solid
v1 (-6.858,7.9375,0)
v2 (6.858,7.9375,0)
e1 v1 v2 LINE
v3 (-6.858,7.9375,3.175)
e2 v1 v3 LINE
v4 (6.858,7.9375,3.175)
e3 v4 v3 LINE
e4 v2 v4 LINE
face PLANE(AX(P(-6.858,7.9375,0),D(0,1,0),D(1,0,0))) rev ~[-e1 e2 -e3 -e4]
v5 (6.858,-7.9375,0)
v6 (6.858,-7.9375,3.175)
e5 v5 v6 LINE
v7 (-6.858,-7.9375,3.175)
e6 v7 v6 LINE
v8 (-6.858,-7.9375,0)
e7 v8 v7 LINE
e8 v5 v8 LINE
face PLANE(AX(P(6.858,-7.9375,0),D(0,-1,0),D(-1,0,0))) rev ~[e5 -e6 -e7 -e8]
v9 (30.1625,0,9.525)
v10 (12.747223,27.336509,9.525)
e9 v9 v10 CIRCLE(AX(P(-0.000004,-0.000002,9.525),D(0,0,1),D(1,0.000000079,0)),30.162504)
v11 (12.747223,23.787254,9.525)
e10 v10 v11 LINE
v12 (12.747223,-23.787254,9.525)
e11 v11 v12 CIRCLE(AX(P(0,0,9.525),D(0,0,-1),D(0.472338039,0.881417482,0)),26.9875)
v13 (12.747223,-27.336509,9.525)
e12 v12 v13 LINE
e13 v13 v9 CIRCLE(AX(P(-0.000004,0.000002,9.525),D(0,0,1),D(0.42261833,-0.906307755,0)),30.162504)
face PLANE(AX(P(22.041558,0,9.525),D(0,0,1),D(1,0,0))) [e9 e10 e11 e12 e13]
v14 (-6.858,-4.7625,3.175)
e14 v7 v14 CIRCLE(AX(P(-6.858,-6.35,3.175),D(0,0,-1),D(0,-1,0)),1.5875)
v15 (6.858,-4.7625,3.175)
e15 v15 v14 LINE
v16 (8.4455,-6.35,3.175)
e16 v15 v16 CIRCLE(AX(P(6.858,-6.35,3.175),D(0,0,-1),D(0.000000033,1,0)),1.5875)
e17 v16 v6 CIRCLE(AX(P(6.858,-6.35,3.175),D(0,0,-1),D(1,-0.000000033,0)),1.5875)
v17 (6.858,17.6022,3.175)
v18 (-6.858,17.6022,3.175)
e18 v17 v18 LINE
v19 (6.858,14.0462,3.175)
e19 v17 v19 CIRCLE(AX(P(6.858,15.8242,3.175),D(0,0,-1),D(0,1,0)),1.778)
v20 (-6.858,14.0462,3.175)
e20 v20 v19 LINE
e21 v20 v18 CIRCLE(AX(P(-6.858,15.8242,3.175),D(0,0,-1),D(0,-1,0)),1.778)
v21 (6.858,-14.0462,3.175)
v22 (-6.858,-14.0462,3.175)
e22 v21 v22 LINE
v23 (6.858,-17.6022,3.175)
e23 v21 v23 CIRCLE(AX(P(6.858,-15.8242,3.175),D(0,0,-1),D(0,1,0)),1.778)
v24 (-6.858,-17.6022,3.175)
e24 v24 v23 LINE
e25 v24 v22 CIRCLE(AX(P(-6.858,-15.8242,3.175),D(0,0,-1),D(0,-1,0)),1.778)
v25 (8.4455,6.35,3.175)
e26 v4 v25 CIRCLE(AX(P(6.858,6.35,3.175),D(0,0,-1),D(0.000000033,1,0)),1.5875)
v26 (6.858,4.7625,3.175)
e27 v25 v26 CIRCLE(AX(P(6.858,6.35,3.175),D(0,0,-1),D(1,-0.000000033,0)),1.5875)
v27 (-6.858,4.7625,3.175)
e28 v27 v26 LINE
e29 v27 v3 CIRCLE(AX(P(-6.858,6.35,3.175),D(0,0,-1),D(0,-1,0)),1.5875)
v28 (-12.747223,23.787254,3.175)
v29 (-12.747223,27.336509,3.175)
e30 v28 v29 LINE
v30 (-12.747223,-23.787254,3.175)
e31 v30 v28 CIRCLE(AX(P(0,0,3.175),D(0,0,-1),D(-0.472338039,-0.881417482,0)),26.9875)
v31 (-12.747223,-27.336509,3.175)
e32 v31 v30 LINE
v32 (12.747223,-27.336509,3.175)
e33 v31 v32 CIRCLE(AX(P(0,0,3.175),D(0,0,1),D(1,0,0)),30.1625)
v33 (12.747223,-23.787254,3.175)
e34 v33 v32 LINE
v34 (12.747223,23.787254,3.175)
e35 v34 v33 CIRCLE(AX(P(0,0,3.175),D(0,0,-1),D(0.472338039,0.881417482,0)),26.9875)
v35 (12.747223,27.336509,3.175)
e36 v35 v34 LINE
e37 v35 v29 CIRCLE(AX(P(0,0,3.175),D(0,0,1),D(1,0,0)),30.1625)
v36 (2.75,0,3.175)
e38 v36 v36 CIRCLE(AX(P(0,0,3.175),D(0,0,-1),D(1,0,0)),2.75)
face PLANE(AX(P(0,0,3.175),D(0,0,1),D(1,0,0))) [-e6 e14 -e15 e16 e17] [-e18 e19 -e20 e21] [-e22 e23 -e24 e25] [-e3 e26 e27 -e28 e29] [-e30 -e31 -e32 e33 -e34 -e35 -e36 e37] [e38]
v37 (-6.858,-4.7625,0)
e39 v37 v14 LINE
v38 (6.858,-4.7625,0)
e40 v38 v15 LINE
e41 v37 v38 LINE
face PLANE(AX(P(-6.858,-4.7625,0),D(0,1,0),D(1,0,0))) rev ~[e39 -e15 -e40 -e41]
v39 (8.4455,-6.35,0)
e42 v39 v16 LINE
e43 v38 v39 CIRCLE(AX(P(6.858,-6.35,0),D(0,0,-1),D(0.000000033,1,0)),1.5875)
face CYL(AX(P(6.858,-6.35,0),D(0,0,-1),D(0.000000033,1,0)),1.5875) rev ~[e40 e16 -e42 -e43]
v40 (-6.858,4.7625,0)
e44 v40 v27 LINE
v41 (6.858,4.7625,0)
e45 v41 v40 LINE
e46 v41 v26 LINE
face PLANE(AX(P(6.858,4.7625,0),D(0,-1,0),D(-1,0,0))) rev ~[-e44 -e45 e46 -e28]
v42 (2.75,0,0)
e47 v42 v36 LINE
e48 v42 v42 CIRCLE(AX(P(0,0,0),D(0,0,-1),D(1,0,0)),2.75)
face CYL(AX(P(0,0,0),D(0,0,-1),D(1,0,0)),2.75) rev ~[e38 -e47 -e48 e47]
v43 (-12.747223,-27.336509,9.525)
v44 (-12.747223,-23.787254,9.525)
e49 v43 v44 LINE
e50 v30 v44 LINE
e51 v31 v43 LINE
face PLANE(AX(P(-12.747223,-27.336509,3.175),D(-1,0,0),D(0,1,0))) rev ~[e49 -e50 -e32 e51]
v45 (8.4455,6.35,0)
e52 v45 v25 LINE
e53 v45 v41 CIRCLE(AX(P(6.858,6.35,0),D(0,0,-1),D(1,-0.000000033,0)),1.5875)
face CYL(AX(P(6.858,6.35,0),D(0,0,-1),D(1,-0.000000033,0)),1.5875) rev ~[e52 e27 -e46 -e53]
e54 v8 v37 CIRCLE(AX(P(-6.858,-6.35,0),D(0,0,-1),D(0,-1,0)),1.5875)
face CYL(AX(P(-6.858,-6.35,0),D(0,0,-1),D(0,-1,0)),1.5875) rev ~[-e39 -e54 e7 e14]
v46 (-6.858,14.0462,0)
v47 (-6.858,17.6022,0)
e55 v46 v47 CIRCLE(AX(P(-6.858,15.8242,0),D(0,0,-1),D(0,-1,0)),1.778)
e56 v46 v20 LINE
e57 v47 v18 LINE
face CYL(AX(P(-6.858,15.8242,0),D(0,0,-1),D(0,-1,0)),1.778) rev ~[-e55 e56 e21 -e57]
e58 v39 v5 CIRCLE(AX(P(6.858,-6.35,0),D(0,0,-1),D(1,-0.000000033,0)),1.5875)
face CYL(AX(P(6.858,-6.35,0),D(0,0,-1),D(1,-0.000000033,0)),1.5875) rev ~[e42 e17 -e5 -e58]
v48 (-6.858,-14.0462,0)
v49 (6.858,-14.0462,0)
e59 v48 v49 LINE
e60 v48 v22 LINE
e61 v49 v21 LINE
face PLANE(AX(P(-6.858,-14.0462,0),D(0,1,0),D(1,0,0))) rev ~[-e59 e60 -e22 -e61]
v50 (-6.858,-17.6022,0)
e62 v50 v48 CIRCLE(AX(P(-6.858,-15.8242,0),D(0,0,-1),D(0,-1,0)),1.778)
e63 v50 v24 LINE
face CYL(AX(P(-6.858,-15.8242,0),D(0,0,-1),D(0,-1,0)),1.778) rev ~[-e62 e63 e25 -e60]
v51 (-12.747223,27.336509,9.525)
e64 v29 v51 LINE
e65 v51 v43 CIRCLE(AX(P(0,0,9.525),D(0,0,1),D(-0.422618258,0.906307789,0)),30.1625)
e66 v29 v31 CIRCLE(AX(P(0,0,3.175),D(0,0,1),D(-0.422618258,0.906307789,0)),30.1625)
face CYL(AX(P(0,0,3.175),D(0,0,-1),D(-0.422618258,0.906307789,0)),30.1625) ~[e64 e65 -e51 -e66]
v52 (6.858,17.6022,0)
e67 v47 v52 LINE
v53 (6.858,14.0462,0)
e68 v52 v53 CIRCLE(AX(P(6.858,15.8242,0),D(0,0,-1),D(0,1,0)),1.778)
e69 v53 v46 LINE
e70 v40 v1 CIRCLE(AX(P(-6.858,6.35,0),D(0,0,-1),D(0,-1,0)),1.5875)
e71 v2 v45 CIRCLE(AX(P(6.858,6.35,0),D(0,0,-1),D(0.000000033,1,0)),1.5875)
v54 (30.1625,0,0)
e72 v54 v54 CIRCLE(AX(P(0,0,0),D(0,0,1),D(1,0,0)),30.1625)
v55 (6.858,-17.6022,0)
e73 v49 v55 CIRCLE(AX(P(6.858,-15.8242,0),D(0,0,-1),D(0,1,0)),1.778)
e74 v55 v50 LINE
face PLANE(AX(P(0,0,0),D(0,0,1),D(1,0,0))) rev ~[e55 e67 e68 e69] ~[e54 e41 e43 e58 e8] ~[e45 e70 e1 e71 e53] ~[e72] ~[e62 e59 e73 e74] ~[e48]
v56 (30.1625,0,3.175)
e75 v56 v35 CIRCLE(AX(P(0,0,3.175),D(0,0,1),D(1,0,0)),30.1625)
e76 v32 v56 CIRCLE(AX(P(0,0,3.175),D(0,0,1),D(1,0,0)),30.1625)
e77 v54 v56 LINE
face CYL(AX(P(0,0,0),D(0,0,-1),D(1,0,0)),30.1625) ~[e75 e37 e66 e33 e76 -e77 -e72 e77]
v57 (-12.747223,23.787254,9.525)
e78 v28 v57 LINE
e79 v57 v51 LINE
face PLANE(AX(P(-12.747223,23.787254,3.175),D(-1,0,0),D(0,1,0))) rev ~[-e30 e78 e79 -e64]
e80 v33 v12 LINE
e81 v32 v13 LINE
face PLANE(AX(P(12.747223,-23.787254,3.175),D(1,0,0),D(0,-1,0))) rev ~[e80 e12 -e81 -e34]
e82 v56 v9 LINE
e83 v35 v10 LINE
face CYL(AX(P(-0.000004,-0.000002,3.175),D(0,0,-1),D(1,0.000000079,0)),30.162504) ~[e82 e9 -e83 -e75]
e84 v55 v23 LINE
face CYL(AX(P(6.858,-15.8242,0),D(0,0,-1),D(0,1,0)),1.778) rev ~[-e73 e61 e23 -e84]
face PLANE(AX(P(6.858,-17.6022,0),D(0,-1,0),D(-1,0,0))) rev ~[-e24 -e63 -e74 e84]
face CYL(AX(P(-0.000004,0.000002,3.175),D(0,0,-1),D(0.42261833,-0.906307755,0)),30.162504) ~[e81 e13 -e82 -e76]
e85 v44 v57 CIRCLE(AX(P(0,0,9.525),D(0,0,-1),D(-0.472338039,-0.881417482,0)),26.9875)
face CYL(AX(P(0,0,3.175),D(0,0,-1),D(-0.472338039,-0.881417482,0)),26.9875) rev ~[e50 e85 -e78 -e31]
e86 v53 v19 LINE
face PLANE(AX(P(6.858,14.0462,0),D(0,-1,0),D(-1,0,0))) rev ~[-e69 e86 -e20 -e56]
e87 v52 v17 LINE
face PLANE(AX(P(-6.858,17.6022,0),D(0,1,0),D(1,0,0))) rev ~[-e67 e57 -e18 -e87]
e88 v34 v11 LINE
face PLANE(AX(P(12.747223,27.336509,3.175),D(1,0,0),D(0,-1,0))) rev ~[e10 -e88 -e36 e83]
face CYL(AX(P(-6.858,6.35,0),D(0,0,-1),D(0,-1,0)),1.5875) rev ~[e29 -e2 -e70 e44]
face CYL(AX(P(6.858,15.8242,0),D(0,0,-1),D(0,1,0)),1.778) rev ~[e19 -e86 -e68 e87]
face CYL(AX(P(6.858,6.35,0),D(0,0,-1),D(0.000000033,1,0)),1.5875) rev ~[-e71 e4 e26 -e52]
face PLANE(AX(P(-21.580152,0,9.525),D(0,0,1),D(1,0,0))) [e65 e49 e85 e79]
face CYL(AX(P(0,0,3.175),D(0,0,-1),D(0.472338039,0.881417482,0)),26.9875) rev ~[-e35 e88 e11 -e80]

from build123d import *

# Parameters (mm, degrees)
F0_R     = 30.1625
F1_DEPTH = 3.175
F3_DEPTH = 6.35
F4_R     = 2.75
F5_DEPTH = 25.4


with BuildPart() as f1:
    # F0 (on Top) → F1 (new body)
    with BuildSketch(Plane.XY):
        Circle(F0_R)
    extrude(amount=F1_DEPTH)

    # F2 (on face) → F3 (join)
    with BuildSketch(Plane.XY.offset(3.175)):
        with BuildLine():
            ThreePointArc((-12.747223, -23.787254), (-26.9875, 0), (-12.747223, 23.787254))
            Line((-12.747223, 23.787254), (-12.747223, 27.336509))
            ThreePointArc((-12.747223, 27.336509), (-30.1625, 0), (-12.747223, -27.336509))
            Line((-12.747223, -27.336509), (-12.747223, -23.787254))
        make_face()
        with BuildLine():
            ThreePointArc((30.1625, 0), (25.438794, 16.206299), (12.747223, 27.336509))
            Line((12.747223, 27.336509), (12.747223, 23.787254))
            ThreePointArc((12.747223, 23.787254), (26.9875, 0), (12.747223, -23.787254))
            Line((12.747223, -23.787254), (12.747223, -27.336509))
            ThreePointArc((12.747223, -27.336509), (25.438794, -16.206299), (30.1625, 0))
        make_face()
    extrude(amount=F3_DEPTH)

    # F4 (on face) → F5 (cut)
    with BuildSketch(Plane(origin=(0, 0, 0), x_dir=(1, 0, 0), z_dir=(0, 0, -1))):
        with BuildLine():
            Line((6.858, 17.6022), (-6.858, 17.6022))
            ThreePointArc((-6.858, 17.6022), (-8.636, 15.8242), (-6.858, 14.0462))
            Line((-6.858, 14.0462), (6.858, 14.0462))
            ThreePointArc((6.858, 14.0462), (8.636, 15.8242), (6.858, 17.6022))
        make_face()
        with BuildLine():
            ThreePointArc((6.858, -17.6022), (8.636, -15.8242), (6.858, -14.0462))
            Line((6.858, -14.0462), (-6.858, -14.0462))
            ThreePointArc((-6.858, -14.0462), (-8.636, -15.8242), (-6.858, -17.6022))
            Line((-6.858, -17.6022), (6.858, -17.6022))
        make_face()
        Circle(F4_R)
        with BuildLine():
            ThreePointArc((-6.858, 4.7625), (-5.735468, 5.227468), (-5.2705, 6.35))
            ThreePointArc((-5.2705, 6.35), (-5.735468, 7.472532), (-6.858, 7.9375))
            ThreePointArc((-6.858, 7.9375), (-8.4455, 6.35), (-6.858, 4.7625))
        make_face()
        with BuildLine():
            ThreePointArc((-6.858, 7.9375), (-5.735468, 7.472532), (-5.2705, 6.35))
            ThreePointArc((-5.2705, 6.35), (-5.735468, 5.227468), (-6.858, 4.7625))
            Line((-6.858, 4.7625), (6.858, 4.7625))
            ThreePointArc((6.858, 4.7625), (5.2705, 6.35), (6.858, 7.9375))
            Line((6.858, 7.9375), (-6.858, 7.9375))
        make_face()
        with BuildLine():
            ThreePointArc((8.4455, 6.35), (7.980532, 7.472532), (6.858, 7.9375))
            ThreePointArc((6.858, 7.9375), (5.2705, 6.35), (6.858, 4.7625))
            ThreePointArc((6.858, 4.7625), (7.980532, 5.227468), (8.4455, 6.35))
        make_face()
        with BuildLine():
            Line((6.858, -4.7625), (-6.858, -4.7625))
            ThreePointArc((-6.858, -4.7625), (-5.735468, -5.227468), (-5.2705, -6.35))
            ThreePointArc((-5.2705, -6.35), (-5.735468, -7.472532), (-6.858, -7.9375))
            Line((-6.858, -7.9375), (6.858, -7.9375))
            ThreePointArc((6.858, -7.9375), (5.2705, -6.35), (6.858, -4.7625))
        make_face()
        with BuildLine():
            ThreePointArc((-5.2705, -6.35), (-5.735468, -5.227468), (-6.858, -4.7625))
            ThreePointArc((-6.858, -4.7625), (-8.4455, -6.35), (-6.858, -7.9375))
            ThreePointArc((-6.858, -7.9375), (-5.735468, -7.472532), (-5.2705, -6.35))
        make_face()
        with BuildLine():
            ThreePointArc((8.4455, -6.35), (7.980532, -5.227468), (6.858, -4.7625))
            ThreePointArc((6.858, -4.7625), (5.2705, -6.35), (6.858, -7.9375))
            ThreePointArc((6.858, -7.9375), (7.980532, -7.472532), (8.4455, -6.35))
        make_face()
    extrude(amount=-F5_DEPTH, mode=Mode.SUBTRACT)


solid = f1.part
